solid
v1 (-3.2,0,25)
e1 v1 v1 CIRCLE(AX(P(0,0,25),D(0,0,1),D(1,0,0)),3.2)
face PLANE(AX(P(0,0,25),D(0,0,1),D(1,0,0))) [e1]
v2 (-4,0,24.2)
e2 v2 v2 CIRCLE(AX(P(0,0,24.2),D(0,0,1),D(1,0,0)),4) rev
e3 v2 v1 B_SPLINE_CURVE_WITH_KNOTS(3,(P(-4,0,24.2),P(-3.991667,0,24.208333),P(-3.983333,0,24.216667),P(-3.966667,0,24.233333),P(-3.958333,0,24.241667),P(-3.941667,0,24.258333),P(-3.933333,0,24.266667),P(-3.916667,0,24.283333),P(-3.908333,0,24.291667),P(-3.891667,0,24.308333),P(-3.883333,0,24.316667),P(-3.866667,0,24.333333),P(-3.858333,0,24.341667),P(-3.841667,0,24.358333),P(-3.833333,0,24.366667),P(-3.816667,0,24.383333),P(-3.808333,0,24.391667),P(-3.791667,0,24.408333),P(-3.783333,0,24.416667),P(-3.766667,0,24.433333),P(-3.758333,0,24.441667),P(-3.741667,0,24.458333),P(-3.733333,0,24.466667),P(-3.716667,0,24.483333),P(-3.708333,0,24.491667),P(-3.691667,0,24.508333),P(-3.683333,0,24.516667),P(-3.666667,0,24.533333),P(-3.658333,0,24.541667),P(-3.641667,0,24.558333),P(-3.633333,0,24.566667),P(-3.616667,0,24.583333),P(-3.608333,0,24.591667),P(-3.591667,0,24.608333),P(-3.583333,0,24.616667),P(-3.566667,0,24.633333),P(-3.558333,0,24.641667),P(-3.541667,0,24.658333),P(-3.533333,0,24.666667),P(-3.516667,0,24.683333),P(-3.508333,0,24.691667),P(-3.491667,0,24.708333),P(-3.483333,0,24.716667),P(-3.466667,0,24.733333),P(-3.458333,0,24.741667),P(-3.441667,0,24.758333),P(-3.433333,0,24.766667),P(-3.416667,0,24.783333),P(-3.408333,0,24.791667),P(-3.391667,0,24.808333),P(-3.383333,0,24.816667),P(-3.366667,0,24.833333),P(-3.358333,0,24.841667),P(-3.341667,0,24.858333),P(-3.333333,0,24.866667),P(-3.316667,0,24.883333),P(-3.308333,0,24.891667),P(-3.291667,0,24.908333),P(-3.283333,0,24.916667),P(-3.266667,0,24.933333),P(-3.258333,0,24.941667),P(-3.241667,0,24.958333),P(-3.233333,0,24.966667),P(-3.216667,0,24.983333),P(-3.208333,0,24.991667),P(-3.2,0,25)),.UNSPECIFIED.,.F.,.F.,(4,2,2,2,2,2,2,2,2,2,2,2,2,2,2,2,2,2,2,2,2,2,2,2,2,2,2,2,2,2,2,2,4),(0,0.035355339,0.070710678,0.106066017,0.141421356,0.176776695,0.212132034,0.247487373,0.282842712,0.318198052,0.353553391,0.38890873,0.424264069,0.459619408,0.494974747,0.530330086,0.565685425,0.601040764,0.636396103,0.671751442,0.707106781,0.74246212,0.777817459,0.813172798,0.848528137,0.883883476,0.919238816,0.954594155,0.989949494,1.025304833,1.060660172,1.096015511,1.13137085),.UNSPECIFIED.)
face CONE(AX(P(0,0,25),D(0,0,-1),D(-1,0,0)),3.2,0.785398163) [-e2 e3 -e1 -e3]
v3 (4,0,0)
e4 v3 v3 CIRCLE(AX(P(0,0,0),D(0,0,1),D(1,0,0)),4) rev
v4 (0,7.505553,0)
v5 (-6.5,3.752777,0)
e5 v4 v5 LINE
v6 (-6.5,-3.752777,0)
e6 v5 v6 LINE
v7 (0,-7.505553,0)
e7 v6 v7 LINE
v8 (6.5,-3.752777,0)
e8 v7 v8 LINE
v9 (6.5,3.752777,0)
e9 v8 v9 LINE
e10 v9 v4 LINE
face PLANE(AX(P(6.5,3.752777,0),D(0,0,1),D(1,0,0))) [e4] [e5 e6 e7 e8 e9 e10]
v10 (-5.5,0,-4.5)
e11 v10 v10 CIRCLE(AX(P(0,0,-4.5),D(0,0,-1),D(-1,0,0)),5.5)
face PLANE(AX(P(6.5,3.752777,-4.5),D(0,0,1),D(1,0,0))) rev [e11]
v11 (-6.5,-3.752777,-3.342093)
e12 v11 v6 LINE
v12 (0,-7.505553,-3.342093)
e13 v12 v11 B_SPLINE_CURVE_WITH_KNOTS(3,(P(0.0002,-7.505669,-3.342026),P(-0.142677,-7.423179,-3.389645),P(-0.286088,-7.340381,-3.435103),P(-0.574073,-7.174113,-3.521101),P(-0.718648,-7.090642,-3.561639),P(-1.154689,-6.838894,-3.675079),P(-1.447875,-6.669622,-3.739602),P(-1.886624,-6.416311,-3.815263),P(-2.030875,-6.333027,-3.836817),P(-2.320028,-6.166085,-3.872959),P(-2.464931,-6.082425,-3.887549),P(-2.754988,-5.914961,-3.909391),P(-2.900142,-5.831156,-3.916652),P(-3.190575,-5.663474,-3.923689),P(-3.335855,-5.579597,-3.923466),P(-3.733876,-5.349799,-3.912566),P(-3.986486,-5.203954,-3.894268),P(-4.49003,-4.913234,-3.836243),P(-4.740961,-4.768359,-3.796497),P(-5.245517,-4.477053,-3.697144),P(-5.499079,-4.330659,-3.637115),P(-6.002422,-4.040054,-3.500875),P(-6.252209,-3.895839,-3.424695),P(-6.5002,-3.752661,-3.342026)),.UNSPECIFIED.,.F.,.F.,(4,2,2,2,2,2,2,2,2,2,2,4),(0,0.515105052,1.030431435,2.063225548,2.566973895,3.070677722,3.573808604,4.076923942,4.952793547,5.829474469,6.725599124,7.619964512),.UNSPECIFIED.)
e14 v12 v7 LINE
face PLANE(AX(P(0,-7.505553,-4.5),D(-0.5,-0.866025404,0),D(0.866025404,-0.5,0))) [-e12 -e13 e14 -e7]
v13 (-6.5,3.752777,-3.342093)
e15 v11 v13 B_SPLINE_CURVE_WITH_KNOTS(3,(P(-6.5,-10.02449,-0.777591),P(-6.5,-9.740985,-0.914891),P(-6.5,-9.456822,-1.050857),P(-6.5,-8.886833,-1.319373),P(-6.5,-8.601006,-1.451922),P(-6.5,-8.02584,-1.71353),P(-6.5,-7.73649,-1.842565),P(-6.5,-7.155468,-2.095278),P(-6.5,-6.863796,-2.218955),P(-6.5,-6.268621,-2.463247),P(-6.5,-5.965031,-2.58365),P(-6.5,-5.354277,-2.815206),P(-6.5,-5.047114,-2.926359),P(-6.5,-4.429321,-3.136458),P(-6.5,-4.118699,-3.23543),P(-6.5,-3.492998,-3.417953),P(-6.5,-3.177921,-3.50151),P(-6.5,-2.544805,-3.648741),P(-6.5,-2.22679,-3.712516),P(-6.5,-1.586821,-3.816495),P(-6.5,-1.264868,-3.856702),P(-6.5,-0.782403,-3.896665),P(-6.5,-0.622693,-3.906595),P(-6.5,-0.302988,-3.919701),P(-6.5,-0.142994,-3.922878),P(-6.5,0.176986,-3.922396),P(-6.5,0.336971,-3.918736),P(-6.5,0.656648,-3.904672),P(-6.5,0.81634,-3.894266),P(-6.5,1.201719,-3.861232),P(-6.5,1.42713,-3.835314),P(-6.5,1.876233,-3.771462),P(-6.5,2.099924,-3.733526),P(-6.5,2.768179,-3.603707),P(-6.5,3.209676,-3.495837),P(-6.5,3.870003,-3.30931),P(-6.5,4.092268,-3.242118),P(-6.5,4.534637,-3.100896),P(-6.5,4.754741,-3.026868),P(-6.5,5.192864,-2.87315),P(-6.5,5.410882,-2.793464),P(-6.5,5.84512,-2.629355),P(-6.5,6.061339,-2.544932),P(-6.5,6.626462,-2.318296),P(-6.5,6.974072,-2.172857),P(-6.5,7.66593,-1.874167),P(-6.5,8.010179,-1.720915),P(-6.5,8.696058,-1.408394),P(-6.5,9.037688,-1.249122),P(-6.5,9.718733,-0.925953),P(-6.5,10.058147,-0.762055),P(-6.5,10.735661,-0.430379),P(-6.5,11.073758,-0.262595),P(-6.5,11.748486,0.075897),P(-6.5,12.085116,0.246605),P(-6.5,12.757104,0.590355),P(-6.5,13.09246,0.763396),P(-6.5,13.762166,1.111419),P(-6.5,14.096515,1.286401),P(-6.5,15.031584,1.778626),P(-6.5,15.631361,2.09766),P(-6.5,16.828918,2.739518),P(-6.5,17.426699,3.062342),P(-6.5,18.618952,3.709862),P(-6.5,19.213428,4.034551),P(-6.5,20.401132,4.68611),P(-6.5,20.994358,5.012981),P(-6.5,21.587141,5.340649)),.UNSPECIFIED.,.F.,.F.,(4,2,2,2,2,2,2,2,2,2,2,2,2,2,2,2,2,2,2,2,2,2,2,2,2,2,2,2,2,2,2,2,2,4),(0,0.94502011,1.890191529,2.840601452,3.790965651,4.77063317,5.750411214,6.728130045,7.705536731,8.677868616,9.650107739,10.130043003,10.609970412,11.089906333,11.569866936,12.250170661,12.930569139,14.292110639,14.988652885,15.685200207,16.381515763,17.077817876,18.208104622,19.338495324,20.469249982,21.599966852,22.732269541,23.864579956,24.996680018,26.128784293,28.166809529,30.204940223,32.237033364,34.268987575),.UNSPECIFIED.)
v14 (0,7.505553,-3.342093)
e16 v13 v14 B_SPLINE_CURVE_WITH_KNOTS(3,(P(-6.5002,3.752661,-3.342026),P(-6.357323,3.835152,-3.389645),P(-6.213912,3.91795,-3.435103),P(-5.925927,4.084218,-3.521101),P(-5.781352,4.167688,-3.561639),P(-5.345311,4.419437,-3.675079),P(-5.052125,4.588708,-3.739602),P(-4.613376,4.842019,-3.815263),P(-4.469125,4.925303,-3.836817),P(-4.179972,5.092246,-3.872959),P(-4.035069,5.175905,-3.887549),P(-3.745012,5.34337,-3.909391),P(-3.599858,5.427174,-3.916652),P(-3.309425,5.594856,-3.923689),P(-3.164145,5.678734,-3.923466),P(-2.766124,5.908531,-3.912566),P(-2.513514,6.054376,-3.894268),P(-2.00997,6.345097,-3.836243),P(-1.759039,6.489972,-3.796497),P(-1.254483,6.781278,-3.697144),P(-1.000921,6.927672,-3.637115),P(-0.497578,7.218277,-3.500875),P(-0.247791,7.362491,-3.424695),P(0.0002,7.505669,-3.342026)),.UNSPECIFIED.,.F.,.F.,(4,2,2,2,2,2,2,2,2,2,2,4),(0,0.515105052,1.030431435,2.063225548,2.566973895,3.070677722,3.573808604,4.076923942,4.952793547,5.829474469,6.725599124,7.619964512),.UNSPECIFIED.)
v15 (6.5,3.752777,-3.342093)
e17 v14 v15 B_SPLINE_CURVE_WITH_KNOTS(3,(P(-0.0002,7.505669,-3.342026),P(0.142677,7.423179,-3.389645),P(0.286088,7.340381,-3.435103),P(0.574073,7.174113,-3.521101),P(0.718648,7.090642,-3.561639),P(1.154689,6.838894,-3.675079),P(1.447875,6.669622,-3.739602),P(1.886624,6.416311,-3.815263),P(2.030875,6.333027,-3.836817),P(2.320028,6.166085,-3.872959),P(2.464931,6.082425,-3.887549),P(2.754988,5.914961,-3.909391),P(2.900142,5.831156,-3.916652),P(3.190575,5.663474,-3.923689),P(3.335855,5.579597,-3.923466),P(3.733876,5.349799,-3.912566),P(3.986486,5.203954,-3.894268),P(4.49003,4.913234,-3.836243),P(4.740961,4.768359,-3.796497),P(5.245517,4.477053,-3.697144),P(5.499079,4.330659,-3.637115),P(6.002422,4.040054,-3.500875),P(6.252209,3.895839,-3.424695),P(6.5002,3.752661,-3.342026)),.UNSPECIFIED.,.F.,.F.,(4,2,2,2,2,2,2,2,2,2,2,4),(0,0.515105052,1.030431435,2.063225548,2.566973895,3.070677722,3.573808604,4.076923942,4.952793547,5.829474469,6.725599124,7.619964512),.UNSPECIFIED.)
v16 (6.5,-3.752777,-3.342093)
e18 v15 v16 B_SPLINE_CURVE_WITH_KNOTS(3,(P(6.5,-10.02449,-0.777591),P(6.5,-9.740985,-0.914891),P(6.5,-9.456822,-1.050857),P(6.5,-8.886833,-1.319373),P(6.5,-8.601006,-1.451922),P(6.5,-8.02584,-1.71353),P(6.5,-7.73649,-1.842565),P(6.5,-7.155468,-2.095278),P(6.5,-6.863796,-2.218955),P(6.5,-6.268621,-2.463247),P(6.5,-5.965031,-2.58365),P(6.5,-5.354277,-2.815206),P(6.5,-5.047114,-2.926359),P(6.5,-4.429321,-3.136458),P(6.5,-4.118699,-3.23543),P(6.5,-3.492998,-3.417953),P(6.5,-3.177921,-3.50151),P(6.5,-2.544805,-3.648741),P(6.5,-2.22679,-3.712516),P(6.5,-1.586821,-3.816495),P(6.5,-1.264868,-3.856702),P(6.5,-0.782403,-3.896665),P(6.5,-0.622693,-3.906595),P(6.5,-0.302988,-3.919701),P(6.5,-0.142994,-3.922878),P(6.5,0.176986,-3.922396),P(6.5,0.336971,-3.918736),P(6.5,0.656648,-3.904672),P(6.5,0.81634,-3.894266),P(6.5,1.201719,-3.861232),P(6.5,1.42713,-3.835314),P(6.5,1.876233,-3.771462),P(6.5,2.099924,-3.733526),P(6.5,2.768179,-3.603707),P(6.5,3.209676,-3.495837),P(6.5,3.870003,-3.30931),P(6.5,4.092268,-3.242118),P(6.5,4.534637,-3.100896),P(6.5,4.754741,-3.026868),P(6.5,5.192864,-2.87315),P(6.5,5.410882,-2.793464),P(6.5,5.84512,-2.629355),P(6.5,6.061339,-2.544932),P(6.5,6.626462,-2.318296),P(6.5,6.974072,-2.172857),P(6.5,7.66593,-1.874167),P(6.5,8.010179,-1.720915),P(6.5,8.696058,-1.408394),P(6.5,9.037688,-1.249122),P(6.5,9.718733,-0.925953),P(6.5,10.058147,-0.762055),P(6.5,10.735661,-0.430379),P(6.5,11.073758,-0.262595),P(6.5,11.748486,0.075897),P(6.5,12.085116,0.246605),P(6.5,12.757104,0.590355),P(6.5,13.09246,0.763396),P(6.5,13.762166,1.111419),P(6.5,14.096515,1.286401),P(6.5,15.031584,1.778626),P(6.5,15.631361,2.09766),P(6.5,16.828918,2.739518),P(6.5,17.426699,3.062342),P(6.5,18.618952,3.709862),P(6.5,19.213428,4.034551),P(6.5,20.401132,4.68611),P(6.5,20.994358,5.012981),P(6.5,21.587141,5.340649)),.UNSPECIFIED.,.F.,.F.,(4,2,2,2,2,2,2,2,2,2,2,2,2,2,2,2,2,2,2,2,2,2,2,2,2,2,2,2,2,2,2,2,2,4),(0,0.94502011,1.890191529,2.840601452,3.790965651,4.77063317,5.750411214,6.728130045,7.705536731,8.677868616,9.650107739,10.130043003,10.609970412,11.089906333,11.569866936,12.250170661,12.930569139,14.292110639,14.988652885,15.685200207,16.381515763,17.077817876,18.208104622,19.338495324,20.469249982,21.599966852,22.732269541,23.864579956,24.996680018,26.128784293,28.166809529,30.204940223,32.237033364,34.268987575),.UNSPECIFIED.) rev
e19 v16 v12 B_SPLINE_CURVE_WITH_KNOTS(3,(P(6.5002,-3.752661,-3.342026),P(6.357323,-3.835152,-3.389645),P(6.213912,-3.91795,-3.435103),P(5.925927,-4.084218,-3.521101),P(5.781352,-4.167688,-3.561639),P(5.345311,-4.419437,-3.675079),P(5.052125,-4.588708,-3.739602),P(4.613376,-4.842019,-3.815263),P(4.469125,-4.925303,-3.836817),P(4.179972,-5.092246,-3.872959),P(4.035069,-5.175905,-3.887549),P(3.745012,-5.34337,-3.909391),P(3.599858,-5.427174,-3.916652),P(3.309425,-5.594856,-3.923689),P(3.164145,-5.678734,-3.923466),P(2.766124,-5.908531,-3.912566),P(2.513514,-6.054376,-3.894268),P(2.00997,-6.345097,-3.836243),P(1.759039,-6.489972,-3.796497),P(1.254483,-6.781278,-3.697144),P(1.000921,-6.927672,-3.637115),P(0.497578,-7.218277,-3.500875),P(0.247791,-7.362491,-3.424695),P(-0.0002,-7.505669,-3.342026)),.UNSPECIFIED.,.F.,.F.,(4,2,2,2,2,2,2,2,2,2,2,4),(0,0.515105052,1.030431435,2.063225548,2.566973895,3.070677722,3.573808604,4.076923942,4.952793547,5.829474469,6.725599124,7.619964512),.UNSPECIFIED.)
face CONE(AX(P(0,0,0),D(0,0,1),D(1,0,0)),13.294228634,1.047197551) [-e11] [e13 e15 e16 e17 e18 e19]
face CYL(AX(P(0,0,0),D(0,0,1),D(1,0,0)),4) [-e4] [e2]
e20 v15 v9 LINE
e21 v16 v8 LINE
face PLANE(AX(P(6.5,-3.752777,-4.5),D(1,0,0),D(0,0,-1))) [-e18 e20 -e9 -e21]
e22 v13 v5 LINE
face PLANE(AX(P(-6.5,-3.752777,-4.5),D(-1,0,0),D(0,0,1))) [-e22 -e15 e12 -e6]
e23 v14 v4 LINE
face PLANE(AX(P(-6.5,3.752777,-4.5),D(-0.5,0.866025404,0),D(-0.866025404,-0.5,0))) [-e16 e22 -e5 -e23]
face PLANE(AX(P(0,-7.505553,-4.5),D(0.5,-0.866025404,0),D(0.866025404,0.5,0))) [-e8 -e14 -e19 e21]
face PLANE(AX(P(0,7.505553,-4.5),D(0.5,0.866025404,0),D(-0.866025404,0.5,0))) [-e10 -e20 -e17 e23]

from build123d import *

# Parameters (mm, degrees)
ESQUISSE1_W        = 4
ESQUISSE1_H        = 25
CHANFREIN1_SIZE    = 0.8
BOSS_EXTRU_1_DEPTH = 4.5


with BuildPart() as part:
    # Esquisse1 → Base-Révolution (revolve)
    with BuildSketch(Plane(origin=(0, 0, 0), x_dir=(1, 0, 0), z_dir=(0, 1, 0))):
        with Locations((2, -12.5)):
            Rectangle(ESQUISSE1_W, ESQUISSE1_H)
    revolve(axis=Axis((0, 0, 0), (0, 0, 1)))

    # Chanfrein1
    chanfrein1_edges = [part.edges().sort_by_distance(p)[0] for p in [
        (-4, 0, 25),
    ]]
    chamfer(chanfrein1_edges, length=CHANFREIN1_SIZE)

    # Esquisse6 → Boss.-Extru.1 (add)
    with BuildSketch(Plane.XY):
        Polygon((6.5, -3.75277675), (6.5, 3.75277675), (0, 7.505553499), (-6.5, 3.75277675), (-6.5, -3.75277675), (0, -7.505553499), align=None)
    extrude(amount=-BOSS_EXTRU_1_DEPTH)

    # Esquisse7 → Enlèvement de matière-Révolution1 (revolve, cut)
    with BuildSketch(Plane(origin=(0, 0, 0), x_dir=(1, 0, 0), z_dir=(0, 1, 0))):
        Polygon((-5.5, 4.5), (-13.294228634, 4.5), (-13.294228634, 0), align=None)
    revolve(axis=Axis((0, 0, -6.239446496), (0, 0, 1)), mode=Mode.SUBTRACT)


solid = part.part
